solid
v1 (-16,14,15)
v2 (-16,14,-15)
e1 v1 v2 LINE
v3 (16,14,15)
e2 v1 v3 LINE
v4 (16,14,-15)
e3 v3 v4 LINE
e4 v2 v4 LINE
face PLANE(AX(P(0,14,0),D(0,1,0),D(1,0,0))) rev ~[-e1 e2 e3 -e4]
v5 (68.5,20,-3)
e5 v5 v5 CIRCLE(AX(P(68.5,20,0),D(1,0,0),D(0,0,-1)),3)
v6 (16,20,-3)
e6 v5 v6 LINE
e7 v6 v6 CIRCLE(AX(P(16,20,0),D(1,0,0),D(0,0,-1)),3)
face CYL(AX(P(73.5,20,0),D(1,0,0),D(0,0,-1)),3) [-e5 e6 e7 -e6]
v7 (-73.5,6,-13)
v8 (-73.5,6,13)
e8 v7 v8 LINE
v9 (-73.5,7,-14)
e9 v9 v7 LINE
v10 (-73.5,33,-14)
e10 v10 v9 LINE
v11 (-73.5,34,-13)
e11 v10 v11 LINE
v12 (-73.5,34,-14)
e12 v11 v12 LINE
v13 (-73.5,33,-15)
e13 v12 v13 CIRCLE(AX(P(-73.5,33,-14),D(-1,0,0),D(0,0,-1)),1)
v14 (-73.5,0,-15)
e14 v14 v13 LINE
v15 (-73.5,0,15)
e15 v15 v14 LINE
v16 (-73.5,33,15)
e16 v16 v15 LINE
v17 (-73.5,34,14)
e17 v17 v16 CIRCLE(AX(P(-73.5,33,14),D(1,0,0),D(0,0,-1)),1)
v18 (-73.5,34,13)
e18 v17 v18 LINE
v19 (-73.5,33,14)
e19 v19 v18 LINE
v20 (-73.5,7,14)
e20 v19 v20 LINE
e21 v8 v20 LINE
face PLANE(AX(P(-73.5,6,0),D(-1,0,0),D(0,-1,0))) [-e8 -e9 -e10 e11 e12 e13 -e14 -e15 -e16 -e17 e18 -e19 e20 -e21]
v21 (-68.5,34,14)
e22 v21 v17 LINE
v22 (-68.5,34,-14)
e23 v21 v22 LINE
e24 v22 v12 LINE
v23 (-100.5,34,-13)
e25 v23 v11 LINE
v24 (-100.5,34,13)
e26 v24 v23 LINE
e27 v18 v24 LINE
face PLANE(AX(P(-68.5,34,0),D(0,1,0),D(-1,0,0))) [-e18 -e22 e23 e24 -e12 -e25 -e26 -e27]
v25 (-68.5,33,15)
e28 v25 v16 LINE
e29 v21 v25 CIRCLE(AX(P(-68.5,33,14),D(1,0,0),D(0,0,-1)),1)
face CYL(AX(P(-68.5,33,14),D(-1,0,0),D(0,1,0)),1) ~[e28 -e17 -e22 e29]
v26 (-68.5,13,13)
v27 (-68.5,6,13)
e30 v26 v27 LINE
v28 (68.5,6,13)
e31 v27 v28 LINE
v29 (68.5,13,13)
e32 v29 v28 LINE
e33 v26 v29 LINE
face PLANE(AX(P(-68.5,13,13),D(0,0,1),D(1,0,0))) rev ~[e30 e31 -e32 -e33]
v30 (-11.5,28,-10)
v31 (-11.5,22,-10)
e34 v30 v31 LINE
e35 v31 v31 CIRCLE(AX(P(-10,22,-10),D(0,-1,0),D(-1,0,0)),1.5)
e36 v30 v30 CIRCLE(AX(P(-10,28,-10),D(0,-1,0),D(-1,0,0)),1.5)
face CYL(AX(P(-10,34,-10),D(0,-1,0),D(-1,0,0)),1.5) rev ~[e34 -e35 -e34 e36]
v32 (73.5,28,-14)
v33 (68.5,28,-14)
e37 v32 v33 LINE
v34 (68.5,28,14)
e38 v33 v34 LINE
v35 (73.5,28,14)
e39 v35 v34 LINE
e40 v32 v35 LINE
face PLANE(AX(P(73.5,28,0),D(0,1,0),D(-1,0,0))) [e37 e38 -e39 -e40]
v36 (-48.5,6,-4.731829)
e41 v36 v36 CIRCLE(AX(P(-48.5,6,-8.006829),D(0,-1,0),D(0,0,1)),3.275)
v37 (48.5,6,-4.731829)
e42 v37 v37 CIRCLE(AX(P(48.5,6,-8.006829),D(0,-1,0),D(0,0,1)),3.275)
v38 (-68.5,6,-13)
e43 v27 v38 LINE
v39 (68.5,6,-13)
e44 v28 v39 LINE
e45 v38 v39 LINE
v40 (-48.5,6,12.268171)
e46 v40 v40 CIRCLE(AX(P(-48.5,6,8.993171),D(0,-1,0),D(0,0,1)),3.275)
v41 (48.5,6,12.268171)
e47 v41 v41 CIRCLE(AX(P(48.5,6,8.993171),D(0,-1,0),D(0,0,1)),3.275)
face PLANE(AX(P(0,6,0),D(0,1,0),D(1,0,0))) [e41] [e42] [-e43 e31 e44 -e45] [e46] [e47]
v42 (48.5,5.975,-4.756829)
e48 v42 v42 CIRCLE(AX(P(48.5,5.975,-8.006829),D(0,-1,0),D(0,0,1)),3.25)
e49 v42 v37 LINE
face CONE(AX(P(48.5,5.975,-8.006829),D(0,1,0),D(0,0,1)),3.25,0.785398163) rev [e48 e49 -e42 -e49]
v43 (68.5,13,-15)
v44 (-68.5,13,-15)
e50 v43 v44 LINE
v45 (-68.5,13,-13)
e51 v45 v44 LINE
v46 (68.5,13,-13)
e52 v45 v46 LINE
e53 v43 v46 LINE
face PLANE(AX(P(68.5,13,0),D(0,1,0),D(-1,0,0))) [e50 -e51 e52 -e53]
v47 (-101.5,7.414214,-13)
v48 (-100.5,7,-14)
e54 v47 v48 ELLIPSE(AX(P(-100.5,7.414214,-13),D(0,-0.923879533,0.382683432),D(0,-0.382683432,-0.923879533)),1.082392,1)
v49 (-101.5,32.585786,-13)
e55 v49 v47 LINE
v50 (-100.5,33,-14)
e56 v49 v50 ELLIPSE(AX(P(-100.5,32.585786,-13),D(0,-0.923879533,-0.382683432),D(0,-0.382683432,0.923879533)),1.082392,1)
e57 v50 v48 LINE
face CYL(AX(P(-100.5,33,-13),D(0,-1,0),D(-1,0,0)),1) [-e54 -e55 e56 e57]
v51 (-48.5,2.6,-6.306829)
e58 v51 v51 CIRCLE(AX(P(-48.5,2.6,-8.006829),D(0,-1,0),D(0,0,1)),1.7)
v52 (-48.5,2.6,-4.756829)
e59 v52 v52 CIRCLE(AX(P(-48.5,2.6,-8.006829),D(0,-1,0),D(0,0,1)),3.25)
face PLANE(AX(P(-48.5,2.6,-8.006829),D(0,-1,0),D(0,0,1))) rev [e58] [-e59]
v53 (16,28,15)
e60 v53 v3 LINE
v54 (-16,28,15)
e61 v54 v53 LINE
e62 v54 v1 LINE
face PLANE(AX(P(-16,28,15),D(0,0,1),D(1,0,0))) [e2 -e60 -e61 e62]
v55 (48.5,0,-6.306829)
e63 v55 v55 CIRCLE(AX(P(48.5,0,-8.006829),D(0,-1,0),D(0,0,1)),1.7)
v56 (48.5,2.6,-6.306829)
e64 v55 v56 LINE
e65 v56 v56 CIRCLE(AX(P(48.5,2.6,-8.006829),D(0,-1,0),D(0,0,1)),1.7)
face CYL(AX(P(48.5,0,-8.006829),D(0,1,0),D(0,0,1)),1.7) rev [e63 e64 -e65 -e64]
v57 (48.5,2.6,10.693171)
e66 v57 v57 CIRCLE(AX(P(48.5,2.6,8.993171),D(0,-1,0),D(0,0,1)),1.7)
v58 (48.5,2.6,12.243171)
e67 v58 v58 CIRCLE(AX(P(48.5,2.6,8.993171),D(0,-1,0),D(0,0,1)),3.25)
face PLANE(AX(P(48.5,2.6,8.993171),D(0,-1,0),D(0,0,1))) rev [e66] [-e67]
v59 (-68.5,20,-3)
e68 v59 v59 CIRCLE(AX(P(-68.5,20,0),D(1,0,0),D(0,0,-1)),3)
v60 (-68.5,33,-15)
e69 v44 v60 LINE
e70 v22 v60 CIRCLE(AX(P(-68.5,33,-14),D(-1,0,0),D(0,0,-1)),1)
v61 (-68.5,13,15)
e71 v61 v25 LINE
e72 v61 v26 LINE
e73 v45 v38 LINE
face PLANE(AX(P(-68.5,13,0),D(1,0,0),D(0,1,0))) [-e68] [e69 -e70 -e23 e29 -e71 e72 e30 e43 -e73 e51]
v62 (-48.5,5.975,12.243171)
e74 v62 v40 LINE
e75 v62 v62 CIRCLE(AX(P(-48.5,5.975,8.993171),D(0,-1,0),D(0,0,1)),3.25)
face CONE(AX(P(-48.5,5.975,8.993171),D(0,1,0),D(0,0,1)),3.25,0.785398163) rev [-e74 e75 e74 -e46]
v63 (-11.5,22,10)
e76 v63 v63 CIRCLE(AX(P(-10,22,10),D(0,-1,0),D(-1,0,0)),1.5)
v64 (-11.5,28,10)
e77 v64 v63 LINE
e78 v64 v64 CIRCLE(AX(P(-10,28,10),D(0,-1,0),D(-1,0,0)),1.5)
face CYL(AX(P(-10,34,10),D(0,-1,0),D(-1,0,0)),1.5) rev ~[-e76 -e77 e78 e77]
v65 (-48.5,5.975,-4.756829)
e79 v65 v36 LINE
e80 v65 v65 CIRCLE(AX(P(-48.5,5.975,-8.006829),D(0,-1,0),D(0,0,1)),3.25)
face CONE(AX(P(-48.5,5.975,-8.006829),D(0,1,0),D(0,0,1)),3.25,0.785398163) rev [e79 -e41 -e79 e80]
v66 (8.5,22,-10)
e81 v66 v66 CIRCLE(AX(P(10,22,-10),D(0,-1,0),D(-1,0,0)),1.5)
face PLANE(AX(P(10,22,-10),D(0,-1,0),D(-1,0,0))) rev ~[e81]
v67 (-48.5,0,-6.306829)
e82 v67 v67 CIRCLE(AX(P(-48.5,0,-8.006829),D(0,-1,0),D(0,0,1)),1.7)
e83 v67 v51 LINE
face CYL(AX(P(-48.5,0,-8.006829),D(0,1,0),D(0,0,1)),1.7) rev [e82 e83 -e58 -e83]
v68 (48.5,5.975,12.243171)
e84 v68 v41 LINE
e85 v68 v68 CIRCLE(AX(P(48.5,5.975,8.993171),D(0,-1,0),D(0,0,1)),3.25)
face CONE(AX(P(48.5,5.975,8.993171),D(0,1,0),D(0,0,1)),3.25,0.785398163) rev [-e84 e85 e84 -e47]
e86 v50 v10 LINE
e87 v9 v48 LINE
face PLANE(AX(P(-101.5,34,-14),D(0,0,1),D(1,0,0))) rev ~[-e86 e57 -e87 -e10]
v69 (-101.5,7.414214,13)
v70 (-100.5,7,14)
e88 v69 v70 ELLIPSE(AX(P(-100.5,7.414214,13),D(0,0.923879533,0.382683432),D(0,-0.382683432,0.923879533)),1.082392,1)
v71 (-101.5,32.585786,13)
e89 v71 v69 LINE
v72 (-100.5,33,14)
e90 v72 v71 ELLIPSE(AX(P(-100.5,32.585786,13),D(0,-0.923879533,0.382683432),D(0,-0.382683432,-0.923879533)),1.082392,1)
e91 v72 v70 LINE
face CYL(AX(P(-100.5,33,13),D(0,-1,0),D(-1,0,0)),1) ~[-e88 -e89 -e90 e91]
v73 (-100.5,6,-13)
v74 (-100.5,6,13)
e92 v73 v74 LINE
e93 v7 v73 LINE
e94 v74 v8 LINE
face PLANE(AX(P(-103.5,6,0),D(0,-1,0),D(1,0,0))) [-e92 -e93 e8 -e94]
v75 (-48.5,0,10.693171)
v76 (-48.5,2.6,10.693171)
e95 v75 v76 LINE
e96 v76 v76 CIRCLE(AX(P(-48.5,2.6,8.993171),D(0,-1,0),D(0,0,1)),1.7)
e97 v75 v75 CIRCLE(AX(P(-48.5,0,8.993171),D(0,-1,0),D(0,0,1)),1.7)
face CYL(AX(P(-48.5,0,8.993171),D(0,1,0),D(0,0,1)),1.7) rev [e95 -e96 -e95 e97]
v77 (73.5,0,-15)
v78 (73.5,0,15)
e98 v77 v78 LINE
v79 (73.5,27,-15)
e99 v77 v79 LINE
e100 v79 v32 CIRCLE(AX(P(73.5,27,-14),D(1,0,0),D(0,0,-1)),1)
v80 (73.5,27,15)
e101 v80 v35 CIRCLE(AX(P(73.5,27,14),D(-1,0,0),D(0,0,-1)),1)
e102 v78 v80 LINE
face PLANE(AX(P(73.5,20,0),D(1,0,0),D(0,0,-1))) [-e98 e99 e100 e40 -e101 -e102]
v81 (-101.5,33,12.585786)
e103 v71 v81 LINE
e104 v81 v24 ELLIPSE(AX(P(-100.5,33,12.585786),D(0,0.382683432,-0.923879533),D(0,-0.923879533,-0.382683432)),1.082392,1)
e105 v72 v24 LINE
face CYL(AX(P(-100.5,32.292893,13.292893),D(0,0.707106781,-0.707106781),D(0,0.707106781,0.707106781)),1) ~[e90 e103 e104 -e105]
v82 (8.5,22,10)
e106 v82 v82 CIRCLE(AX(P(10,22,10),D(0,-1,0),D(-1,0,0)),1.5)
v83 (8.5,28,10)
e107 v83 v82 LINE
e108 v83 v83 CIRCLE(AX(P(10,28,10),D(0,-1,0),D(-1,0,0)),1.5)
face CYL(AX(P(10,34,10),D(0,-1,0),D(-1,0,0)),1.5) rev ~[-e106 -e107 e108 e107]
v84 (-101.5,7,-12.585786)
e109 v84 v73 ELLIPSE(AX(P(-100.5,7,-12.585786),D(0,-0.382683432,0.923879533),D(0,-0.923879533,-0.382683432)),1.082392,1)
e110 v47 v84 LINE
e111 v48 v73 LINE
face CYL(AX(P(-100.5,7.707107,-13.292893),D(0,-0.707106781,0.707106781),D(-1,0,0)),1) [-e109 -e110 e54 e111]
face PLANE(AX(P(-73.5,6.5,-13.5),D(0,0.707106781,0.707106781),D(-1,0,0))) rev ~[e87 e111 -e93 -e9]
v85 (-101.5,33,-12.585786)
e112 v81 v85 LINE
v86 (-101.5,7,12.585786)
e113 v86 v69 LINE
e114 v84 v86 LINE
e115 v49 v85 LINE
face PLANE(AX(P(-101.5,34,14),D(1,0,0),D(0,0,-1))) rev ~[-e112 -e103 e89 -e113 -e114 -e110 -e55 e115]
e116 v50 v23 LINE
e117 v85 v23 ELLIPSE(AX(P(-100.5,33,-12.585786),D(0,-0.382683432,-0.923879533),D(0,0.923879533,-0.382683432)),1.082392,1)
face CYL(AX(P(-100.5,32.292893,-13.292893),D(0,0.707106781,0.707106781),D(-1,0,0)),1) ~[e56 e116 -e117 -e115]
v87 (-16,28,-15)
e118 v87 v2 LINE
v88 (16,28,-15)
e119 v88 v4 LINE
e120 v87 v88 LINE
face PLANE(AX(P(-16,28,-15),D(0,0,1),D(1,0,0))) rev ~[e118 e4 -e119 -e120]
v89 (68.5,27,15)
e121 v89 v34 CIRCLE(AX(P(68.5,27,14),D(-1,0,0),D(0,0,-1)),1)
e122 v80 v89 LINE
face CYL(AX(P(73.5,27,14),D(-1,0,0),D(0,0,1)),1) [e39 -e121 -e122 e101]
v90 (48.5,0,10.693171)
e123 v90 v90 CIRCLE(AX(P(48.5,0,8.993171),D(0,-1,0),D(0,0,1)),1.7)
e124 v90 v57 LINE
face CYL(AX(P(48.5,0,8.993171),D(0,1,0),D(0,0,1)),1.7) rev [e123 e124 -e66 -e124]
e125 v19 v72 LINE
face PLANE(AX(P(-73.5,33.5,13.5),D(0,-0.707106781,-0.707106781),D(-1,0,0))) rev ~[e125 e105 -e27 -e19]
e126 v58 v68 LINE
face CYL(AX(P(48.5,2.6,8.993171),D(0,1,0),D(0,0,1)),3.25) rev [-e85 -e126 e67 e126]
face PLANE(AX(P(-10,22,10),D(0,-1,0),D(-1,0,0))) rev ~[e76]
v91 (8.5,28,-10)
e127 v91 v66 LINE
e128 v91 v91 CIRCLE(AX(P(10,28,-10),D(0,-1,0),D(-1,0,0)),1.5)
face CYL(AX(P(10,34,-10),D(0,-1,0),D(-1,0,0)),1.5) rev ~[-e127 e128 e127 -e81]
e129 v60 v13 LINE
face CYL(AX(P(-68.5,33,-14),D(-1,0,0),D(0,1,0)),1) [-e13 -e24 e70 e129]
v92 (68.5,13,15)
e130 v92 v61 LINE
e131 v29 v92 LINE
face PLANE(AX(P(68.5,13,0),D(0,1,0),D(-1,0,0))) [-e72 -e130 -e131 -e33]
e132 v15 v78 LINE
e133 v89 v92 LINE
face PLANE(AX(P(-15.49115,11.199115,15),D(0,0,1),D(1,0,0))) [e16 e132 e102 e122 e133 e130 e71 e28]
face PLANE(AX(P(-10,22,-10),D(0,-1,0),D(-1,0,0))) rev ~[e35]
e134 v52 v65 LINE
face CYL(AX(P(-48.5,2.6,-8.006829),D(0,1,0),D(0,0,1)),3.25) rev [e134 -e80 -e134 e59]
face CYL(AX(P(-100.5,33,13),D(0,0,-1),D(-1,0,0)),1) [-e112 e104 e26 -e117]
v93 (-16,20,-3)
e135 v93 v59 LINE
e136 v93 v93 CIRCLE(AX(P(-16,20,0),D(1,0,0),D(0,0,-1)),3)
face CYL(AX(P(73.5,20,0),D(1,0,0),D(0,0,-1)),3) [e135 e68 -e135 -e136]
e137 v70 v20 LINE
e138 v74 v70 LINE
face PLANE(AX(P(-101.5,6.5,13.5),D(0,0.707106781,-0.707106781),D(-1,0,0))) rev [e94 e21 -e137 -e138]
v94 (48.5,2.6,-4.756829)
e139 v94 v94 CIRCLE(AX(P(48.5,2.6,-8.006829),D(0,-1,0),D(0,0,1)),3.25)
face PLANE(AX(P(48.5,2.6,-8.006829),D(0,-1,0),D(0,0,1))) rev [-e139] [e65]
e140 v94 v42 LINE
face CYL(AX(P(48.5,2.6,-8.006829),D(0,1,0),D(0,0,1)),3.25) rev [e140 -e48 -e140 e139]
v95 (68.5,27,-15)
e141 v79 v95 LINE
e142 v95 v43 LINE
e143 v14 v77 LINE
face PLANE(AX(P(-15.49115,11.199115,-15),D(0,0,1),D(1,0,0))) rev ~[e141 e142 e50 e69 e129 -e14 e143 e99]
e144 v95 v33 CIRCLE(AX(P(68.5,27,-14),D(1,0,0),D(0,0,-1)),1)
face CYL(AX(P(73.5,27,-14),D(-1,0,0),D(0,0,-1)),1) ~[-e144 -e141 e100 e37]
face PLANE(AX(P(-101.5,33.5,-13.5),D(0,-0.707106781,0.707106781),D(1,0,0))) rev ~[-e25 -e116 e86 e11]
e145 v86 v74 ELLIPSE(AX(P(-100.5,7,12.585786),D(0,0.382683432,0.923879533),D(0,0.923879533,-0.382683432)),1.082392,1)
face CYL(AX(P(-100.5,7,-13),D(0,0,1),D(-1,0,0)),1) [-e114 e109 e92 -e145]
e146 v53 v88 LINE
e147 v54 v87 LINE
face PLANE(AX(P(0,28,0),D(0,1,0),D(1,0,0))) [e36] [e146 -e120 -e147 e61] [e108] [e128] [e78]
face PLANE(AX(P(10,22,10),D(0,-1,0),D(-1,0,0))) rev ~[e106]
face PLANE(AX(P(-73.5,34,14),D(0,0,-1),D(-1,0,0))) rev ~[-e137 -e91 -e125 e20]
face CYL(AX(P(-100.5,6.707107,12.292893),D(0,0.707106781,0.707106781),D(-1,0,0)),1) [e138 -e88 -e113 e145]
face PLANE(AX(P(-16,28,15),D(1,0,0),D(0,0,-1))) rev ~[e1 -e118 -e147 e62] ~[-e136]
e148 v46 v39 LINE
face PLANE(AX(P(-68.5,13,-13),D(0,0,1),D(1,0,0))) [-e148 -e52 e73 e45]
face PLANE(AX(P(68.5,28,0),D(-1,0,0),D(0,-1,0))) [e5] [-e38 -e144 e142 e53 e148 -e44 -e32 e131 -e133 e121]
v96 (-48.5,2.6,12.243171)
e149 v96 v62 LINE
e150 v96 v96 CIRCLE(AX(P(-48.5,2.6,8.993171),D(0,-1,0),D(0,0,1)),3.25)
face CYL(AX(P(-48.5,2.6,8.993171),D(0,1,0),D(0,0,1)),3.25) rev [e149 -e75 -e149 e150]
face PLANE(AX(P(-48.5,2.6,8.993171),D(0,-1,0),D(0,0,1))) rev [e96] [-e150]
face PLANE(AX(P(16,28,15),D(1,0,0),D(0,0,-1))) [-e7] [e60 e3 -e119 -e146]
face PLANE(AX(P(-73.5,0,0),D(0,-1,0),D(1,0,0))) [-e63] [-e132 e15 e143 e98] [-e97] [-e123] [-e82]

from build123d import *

# Parameters (mm, degrees)
BOSS_EXTRUDE1_DEPTH                          = 15
SKETCH2_W                                    = 137
SKETCH2_H                                    = 26
CUT_EXTRUDE1_DEPTH                           = 7
SKETCH3_R                                    = 3
BOSS_EXTRUDE2_DEPTH                          = 142
CUT_EXTRUDE2_DEPTH                           = 35
CHAMFER1_SIZE                                = 1
FILLET1_R                                    = 1
FILLET2_R                                    = 1
CBORE_FOR_M3_HEX_SOCKET_HEAD_CAP_SCR_2_COUNT = 2
CBORE_FOR_M3_HEX_SOCKET_HEAD_CAP_SCR_2_PITCH = 17
CBORE_FOR_M3_HEX_SOCKET_HEAD_CAP_SCR_3_COUNT = 2
CBORE_FOR_M3_HEX_SOCKET_HEAD_CAP_SCR_3_PITCH = 97
CBORE_FOR_M3_HEX_SOCKET_HEAD_CAP_SCR_4_COUNT = 2
CBORE_FOR_M3_HEX_SOCKET_HEAD_CAP_SCR_4_PITCH = 98.478424033
SKETCH7_W                                    = 32
SKETCH7_H                                    = 30
BOSS_EXTRUDE3_DEPTH                          = 14
HOLE1_D                                      = 3
HOLE1_DEPTH                                  = 6


with BuildPart() as part:
    # Sketch1 → Boss-Extrude1 (new body, symmetric)
    with BuildSketch(Plane.XY):
        Polygon((-103.5, 34), (-103.5, 6), (-73.5, 6), (-73.5, 0), (73.5, 0), (73.5, 28), (68.5, 28), (68.5, 13), (-68.5, 13), (-68.5, 34), align=None)
    extrude(amount=BOSS_EXTRUDE1_DEPTH, both=True)

    # Sketch2 → Cut-Extrude1 (cut)
    with BuildSketch(Plane(origin=(0, 13, 0), x_dir=(1, 0, 0), z_dir=(0, 1, 0))):
        Rectangle(SKETCH2_W, SKETCH2_H)
    extrude(amount=-CUT_EXTRUDE1_DEPTH, mode=Mode.SUBTRACT)

    # Sketch3 → Boss-Extrude2 (add)
    with BuildSketch(Plane(origin=(73.5, 0, 0), x_dir=(0, 0, -1), z_dir=(1, 0, 0))):
        with Locations((0, 20)):
            Circle(SKETCH3_R)
    extrude(amount=-BOSS_EXTRUDE2_DEPTH)

    # Sketch4 → Cut-Extrude2 (cut, through all)
    with BuildSketch(Plane(origin=(0, 34, 0), x_dir=(1, 0, 0), z_dir=(0, 1, 0))):
        Polygon((-73.5, -15), (-73.5, -14), (-101.5, -14), (-101.5, 14), (-73.5, 14), (-73.5, 15), (-103.5, 15), (-103.5, -15), align=None)
    extrude(amount=-CUT_EXTRUDE2_DEPTH, mode=Mode.SUBTRACT)

    # Chamfer1
    chamfer1_edges = [part.edges().sort_by_distance(p)[0] for p in [
        (-87.5, 6, -14),
        (-87.5, 6, 14),
        (-87.5, 34, 14),
        (-87.5, 34, -14),
    ]]
    chamfer(chamfer1_edges, length=CHAMFER1_SIZE)

    # Fillet1
    fillet1_edges = [part.edges().sort_by_distance(p)[0] for p in [
        (-101.5, 34, 0),
        (-101.5, 20, -14),
        (-101.5, 33.5, 13.5),
        (-101.5, 33.5, -13.5),
        (-101.5, 6.5, -13.5),
        (-101.5, 6.5, 13.5),
        (-101.5, 6, 0),
        (-101.5, 20, 14),
    ]]
    fillet(fillet1_edges, radius=FILLET1_R)

    # Fillet2
    fillet2_edges = [part.edges().sort_by_distance(p)[0] for p in [
        (-71, 34, -15),
        (71, 28, -15),
        (71, 28, 15),
        (-71, 34, 15),
    ]]
    fillet(fillet2_edges, radius=FILLET2_R)

    # Sketch6 → CBORE for M3 Hex Socket Head Cap Screw1 (revolve, cut)
    with BuildSketch(Plane(origin=(-48.5, 6, -8.006829487), x_dir=(0, 0, 1), z_dir=(1, 0, 0))):
        Polygon((0, 0), (0, 6), (1.7, 6), (1.7, 3.4), (3.25, 3.4), (3.25, 0.025), (3.275, 0), align=None)
    cbore_for_m3_hex_socket_head_cap_screw1 = revolve(axis=Axis((-48.5, 12.35, -8.006829487), (0, -1, 0)), mode=Mode.SUBTRACT)

    # CBORE for M3 Hex Socket Head Cap Scr 2: CBORE for M3 Hex Socket Head Cap Screw1 ×2
    with Locations(*[(0, 0, i * CBORE_FOR_M3_HEX_SOCKET_HEAD_CAP_SCR_2_PITCH) for i in range(1, CBORE_FOR_M3_HEX_SOCKET_HEAD_CAP_SCR_2_COUNT)]):
        add(cbore_for_m3_hex_socket_head_cap_screw1, mode=Mode.SUBTRACT)

    # CBORE for M3 Hex Socket Head Cap Scr 3: CBORE for M3 Hex Socket Head Cap Screw1 ×2
    with Locations(*[(i * CBORE_FOR_M3_HEX_SOCKET_HEAD_CAP_SCR_3_PITCH, 0, 0) for i in range(1, CBORE_FOR_M3_HEX_SOCKET_HEAD_CAP_SCR_3_COUNT)]):
        add(cbore_for_m3_hex_socket_head_cap_screw1, mode=Mode.SUBTRACT)

    # CBORE for M3 Hex Socket Head Cap Scr 4: CBORE for M3 Hex Socket Head Cap Screw1 ×2
    with Locations(*[Vector(0.984987331, 0, 0.172626646) * (i * CBORE_FOR_M3_HEX_SOCKET_HEAD_CAP_SCR_4_PITCH) for i in range(1, CBORE_FOR_M3_HEX_SOCKET_HEAD_CAP_SCR_4_COUNT)]):
        add(cbore_for_m3_hex_socket_head_cap_screw1, mode=Mode.SUBTRACT)

    # Sketch7 → Boss-Extrude3 (add)
    with BuildSketch(Plane(origin=(0, 28, 0), x_dir=(1, 0, 0), z_dir=(0, 1, 0))):
        Rectangle(SKETCH7_W, SKETCH7_H)
    extrude(amount=-BOSS_EXTRUDE3_DEPTH)

    # Hole1
    with Locations(Plane(origin=(0, 28, 0), x_dir=(1, 0, 0), z_dir=(0, 1, 0))):
        with Locations((10, 10), (10, -10), (-10, -10), (-10, 10)):
            Hole(HOLE1_D / 2, depth=HOLE1_DEPTH)


solid = part.part
